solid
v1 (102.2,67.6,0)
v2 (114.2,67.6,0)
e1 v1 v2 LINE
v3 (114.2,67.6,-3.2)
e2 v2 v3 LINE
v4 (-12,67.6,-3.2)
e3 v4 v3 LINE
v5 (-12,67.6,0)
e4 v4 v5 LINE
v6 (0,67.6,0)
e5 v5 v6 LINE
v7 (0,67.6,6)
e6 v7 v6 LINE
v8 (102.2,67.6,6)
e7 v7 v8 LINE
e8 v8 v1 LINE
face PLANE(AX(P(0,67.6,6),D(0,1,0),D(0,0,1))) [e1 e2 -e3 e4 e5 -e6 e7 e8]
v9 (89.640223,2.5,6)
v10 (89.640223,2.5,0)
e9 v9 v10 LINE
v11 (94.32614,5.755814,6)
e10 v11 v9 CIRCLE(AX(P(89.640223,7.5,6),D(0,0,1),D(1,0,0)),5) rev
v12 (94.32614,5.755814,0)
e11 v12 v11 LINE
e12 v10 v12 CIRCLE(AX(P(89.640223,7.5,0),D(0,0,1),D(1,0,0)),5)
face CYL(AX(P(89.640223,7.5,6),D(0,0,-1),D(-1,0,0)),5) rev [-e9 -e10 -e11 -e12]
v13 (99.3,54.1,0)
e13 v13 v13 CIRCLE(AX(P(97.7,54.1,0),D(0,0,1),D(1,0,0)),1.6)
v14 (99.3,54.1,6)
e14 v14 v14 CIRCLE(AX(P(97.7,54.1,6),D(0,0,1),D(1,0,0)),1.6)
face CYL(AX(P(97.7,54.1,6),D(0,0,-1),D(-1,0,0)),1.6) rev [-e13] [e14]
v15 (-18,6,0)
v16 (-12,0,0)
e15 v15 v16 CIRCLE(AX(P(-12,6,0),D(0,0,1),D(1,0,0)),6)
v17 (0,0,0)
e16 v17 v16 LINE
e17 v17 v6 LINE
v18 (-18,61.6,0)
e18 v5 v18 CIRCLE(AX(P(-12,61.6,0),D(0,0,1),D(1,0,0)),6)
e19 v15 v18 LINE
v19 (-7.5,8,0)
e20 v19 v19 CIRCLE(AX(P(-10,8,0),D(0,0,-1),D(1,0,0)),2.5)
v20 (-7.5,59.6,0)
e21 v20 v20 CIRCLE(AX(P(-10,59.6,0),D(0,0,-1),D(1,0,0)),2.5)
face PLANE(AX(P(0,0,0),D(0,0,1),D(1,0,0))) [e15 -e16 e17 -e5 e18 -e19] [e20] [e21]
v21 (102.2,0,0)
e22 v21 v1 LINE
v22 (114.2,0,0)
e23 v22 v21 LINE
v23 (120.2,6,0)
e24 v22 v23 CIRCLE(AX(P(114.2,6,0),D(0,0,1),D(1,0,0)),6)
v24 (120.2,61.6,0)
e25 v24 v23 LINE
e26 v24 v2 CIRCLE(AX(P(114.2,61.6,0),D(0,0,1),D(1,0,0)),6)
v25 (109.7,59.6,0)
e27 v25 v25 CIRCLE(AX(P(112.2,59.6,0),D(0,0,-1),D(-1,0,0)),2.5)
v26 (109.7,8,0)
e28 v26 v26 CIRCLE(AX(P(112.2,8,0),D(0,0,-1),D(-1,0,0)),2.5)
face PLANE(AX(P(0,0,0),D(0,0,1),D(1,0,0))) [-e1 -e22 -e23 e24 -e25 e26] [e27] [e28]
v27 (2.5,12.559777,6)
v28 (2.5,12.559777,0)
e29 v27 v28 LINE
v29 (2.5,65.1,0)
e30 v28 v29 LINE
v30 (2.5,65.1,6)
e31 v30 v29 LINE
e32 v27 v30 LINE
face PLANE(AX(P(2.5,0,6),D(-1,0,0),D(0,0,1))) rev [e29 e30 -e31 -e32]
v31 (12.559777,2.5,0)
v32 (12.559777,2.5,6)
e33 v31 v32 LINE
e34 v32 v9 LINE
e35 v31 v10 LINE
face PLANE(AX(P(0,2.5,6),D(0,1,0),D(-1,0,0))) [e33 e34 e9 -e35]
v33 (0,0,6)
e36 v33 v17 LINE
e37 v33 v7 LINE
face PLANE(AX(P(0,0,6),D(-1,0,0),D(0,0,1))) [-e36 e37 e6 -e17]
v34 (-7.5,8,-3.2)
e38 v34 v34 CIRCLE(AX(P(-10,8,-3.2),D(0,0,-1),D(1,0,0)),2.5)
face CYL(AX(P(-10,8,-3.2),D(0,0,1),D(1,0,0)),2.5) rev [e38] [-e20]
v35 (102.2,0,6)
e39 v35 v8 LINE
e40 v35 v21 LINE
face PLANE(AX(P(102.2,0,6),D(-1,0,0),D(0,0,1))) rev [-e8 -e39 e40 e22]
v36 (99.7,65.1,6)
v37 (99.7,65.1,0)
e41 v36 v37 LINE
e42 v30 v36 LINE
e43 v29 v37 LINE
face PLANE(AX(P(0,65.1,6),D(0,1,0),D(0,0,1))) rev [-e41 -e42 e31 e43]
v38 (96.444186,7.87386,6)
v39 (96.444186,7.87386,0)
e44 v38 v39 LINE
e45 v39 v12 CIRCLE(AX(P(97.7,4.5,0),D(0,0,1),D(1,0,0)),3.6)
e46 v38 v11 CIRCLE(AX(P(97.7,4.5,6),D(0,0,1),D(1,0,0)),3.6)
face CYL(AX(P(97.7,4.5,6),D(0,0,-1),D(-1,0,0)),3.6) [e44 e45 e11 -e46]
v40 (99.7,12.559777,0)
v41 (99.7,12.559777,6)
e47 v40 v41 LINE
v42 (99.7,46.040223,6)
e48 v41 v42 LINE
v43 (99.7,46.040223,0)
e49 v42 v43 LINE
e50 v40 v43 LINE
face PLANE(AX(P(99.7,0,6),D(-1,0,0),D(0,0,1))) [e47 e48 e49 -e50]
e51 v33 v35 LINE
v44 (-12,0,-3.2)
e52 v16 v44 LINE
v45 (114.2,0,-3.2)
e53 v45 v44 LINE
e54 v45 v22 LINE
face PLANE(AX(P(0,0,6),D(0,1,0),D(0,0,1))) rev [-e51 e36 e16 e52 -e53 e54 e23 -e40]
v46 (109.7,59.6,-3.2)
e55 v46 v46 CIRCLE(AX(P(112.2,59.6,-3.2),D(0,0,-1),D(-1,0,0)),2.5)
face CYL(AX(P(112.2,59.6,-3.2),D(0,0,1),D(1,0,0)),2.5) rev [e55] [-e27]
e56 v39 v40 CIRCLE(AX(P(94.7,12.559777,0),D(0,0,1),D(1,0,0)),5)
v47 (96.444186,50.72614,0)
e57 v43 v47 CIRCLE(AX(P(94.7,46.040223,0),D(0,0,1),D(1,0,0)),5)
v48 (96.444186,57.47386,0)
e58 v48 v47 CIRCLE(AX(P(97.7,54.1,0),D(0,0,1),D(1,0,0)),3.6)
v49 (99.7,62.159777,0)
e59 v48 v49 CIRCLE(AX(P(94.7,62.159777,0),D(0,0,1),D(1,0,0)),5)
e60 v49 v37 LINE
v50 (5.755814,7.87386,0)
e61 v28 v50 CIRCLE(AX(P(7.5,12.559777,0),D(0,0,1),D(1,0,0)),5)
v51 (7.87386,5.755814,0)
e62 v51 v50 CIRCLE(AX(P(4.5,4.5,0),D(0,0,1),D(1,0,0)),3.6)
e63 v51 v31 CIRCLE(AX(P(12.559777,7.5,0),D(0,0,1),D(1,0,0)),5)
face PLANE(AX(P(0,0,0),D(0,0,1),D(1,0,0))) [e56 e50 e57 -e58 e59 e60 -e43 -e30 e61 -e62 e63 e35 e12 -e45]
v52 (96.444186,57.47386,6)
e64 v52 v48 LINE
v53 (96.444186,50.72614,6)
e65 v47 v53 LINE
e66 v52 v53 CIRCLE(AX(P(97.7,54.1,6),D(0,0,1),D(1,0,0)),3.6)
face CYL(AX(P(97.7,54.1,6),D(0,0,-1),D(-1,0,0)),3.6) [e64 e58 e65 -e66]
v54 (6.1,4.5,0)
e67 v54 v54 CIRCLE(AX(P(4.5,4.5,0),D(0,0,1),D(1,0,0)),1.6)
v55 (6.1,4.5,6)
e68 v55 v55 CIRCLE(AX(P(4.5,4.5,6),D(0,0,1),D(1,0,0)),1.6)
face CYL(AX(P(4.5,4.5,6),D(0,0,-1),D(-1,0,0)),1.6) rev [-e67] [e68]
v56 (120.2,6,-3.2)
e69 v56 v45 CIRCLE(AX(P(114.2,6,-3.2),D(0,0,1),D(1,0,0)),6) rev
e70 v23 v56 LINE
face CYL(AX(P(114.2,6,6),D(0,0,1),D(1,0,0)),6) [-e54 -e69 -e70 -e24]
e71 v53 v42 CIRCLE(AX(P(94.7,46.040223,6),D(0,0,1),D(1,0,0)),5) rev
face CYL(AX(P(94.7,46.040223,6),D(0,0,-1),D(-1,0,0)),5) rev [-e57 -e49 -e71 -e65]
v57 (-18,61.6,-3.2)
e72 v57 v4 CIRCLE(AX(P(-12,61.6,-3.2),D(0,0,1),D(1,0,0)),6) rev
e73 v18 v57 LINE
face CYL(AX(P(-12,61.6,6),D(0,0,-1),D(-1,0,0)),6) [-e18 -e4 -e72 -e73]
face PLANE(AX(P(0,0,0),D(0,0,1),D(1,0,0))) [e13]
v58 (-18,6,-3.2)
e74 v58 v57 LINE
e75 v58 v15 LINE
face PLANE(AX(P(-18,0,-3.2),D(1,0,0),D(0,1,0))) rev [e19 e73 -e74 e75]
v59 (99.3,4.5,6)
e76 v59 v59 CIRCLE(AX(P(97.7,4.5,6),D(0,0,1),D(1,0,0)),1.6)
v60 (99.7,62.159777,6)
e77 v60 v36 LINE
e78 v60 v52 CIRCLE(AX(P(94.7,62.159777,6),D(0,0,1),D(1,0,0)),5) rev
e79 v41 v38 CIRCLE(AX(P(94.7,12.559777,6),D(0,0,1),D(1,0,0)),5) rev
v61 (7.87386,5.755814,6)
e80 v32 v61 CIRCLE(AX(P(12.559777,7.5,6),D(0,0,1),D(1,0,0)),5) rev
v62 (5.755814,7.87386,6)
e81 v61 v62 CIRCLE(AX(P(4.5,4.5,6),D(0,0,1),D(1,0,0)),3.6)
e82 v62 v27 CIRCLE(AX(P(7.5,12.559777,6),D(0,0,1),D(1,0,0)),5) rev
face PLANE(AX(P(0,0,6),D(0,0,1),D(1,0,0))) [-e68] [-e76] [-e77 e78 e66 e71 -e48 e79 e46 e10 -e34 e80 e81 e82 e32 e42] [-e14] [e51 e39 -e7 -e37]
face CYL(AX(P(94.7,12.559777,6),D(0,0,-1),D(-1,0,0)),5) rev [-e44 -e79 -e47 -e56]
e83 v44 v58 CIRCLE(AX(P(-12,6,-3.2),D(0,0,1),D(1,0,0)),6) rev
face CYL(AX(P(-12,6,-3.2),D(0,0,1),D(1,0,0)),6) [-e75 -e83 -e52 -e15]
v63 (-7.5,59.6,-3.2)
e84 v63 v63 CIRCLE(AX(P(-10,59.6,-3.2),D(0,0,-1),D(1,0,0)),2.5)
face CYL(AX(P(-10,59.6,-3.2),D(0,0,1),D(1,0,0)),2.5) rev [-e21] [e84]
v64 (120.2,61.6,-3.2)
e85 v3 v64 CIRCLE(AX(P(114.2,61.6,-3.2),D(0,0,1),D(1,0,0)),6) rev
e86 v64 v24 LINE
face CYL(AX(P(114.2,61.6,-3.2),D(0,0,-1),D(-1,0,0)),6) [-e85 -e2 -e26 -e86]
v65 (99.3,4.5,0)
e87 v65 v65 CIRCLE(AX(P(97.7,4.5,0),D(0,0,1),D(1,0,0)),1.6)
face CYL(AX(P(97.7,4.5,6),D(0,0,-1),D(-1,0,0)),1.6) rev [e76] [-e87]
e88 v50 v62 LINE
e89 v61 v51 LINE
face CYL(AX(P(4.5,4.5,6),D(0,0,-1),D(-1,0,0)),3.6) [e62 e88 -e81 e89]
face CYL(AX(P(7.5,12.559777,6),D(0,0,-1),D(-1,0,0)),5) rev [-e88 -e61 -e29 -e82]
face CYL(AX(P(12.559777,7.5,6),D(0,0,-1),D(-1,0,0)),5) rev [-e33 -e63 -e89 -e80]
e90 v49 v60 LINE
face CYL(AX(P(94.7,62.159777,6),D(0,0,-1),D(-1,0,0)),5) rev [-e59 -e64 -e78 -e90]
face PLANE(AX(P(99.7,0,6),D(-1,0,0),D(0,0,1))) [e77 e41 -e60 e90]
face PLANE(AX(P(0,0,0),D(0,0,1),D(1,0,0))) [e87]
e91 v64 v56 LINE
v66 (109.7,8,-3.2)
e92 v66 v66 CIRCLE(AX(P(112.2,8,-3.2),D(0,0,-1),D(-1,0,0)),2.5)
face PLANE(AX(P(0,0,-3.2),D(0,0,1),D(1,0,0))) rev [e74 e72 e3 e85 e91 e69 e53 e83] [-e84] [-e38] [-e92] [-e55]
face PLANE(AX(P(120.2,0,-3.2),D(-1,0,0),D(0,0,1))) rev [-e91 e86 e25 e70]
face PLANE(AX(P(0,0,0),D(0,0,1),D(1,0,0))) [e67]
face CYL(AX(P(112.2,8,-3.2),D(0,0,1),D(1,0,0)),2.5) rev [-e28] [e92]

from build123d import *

# Parameters (mm, degrees)
SKETCH1_W           = 102.2
SKETCH1_H           = 67.6
SKETCH1_R           = 1.6
BOSS_EXTRUDE1_DEPTH = 6
SKETCH2_W           = 138.2
SKETCH2_H           = 67.6
SKETCH2_R           = 2.5
BOSS_EXTRUDE2_DEPTH = 3.2
FILLET1_R           = 6
FILLET2_R           = 5
FILLET3_R           = 5


with BuildPart() as part:
    # Sketch1 → Boss-Extrude1 (new body)
    with BuildSketch(Plane.XY):
        with Locations((51.1, 33.8)):
            Rectangle(SKETCH1_W, SKETCH1_H)
        with BuildLine():
            Line((94.706674091, 2.5), (7.493325909, 2.5))
            ThreePointArc((7.493325909, 2.5), (7.045584412, 7.045584412), (2.5, 7.493325909))
            Line((2.5, 7.493325909), (2.5, 65.1))
            Line((2.5, 65.1), (99.7, 65.1))
            Line((99.7, 65.1), (99.7, 57.093325909))
            ThreePointArc((99.7, 57.093325909), (94.1, 54.1), (99.7, 51.106674091))
            Line((99.7, 51.106674091), (99.7, 7.493325909))
            ThreePointArc((99.7, 7.493325909), (95.154415588, 7.045584412), (94.706674091, 2.5))
        make_face(mode=Mode.SUBTRACT)
        with Locations((4.5, 4.5)):
            Circle(SKETCH1_R, mode=Mode.SUBTRACT)
        with Locations((97.7, 4.5)):
            Circle(SKETCH1_R, mode=Mode.SUBTRACT)
        with Locations((97.7, 54.1)):
            Circle(SKETCH1_R, mode=Mode.SUBTRACT)
    extrude(amount=BOSS_EXTRUDE1_DEPTH)

    # Sketch2 → Boss-Extrude2 (add)
    with BuildSketch(Plane(origin=(0, 0, 0), x_dir=(-1, 0, 0), z_dir=(0, 0, -1))):
        with Locations((-51.1, 33.8)):
            Rectangle(SKETCH2_W, SKETCH2_H)
        with Locations((-112.2, 59.6)):
            Circle(SKETCH2_R, mode=Mode.SUBTRACT)
        with Locations((-112.2, 8)):
            Circle(SKETCH2_R, mode=Mode.SUBTRACT)
        with Locations((10, 8)):
            Circle(SKETCH2_R, mode=Mode.SUBTRACT)
        with Locations((10, 59.6)):
            Circle(SKETCH2_R, mode=Mode.SUBTRACT)
    extrude(amount=BOSS_EXTRUDE2_DEPTH)

    # Fillet1
    fillet1_edges = [part.edges().sort_by_distance(p)[0] for p in [
        (120.2, 67.6, -1.6),
        (120.2, 0, -1.6),
        (-18, 0, -1.6),
        (-18, 67.6, -1.6),
    ]]
    fillet(fillet1_edges, radius=FILLET1_R)

    # Fillet2
    fillet2_edges = [part.edges().sort_by_distance(p)[0] for p in [
        (99.7, 51.106674091, 3),
        (99.7, 57.093325909, 3),
    ]]
    fillet(fillet2_edges, radius=FILLET2_R)

    # Fillet3
    fillet3_edges = [part.edges().sort_by_distance(p)[0] for p in [
        (7.493325909, 2.5, 3),
        (94.706674091, 2.5, 3),
        (99.7, 7.493325909, 3),
        (2.5, 7.493325909, 3),
    ]]
    fillet(fillet3_edges, radius=FILLET3_R)


solid = part.part
